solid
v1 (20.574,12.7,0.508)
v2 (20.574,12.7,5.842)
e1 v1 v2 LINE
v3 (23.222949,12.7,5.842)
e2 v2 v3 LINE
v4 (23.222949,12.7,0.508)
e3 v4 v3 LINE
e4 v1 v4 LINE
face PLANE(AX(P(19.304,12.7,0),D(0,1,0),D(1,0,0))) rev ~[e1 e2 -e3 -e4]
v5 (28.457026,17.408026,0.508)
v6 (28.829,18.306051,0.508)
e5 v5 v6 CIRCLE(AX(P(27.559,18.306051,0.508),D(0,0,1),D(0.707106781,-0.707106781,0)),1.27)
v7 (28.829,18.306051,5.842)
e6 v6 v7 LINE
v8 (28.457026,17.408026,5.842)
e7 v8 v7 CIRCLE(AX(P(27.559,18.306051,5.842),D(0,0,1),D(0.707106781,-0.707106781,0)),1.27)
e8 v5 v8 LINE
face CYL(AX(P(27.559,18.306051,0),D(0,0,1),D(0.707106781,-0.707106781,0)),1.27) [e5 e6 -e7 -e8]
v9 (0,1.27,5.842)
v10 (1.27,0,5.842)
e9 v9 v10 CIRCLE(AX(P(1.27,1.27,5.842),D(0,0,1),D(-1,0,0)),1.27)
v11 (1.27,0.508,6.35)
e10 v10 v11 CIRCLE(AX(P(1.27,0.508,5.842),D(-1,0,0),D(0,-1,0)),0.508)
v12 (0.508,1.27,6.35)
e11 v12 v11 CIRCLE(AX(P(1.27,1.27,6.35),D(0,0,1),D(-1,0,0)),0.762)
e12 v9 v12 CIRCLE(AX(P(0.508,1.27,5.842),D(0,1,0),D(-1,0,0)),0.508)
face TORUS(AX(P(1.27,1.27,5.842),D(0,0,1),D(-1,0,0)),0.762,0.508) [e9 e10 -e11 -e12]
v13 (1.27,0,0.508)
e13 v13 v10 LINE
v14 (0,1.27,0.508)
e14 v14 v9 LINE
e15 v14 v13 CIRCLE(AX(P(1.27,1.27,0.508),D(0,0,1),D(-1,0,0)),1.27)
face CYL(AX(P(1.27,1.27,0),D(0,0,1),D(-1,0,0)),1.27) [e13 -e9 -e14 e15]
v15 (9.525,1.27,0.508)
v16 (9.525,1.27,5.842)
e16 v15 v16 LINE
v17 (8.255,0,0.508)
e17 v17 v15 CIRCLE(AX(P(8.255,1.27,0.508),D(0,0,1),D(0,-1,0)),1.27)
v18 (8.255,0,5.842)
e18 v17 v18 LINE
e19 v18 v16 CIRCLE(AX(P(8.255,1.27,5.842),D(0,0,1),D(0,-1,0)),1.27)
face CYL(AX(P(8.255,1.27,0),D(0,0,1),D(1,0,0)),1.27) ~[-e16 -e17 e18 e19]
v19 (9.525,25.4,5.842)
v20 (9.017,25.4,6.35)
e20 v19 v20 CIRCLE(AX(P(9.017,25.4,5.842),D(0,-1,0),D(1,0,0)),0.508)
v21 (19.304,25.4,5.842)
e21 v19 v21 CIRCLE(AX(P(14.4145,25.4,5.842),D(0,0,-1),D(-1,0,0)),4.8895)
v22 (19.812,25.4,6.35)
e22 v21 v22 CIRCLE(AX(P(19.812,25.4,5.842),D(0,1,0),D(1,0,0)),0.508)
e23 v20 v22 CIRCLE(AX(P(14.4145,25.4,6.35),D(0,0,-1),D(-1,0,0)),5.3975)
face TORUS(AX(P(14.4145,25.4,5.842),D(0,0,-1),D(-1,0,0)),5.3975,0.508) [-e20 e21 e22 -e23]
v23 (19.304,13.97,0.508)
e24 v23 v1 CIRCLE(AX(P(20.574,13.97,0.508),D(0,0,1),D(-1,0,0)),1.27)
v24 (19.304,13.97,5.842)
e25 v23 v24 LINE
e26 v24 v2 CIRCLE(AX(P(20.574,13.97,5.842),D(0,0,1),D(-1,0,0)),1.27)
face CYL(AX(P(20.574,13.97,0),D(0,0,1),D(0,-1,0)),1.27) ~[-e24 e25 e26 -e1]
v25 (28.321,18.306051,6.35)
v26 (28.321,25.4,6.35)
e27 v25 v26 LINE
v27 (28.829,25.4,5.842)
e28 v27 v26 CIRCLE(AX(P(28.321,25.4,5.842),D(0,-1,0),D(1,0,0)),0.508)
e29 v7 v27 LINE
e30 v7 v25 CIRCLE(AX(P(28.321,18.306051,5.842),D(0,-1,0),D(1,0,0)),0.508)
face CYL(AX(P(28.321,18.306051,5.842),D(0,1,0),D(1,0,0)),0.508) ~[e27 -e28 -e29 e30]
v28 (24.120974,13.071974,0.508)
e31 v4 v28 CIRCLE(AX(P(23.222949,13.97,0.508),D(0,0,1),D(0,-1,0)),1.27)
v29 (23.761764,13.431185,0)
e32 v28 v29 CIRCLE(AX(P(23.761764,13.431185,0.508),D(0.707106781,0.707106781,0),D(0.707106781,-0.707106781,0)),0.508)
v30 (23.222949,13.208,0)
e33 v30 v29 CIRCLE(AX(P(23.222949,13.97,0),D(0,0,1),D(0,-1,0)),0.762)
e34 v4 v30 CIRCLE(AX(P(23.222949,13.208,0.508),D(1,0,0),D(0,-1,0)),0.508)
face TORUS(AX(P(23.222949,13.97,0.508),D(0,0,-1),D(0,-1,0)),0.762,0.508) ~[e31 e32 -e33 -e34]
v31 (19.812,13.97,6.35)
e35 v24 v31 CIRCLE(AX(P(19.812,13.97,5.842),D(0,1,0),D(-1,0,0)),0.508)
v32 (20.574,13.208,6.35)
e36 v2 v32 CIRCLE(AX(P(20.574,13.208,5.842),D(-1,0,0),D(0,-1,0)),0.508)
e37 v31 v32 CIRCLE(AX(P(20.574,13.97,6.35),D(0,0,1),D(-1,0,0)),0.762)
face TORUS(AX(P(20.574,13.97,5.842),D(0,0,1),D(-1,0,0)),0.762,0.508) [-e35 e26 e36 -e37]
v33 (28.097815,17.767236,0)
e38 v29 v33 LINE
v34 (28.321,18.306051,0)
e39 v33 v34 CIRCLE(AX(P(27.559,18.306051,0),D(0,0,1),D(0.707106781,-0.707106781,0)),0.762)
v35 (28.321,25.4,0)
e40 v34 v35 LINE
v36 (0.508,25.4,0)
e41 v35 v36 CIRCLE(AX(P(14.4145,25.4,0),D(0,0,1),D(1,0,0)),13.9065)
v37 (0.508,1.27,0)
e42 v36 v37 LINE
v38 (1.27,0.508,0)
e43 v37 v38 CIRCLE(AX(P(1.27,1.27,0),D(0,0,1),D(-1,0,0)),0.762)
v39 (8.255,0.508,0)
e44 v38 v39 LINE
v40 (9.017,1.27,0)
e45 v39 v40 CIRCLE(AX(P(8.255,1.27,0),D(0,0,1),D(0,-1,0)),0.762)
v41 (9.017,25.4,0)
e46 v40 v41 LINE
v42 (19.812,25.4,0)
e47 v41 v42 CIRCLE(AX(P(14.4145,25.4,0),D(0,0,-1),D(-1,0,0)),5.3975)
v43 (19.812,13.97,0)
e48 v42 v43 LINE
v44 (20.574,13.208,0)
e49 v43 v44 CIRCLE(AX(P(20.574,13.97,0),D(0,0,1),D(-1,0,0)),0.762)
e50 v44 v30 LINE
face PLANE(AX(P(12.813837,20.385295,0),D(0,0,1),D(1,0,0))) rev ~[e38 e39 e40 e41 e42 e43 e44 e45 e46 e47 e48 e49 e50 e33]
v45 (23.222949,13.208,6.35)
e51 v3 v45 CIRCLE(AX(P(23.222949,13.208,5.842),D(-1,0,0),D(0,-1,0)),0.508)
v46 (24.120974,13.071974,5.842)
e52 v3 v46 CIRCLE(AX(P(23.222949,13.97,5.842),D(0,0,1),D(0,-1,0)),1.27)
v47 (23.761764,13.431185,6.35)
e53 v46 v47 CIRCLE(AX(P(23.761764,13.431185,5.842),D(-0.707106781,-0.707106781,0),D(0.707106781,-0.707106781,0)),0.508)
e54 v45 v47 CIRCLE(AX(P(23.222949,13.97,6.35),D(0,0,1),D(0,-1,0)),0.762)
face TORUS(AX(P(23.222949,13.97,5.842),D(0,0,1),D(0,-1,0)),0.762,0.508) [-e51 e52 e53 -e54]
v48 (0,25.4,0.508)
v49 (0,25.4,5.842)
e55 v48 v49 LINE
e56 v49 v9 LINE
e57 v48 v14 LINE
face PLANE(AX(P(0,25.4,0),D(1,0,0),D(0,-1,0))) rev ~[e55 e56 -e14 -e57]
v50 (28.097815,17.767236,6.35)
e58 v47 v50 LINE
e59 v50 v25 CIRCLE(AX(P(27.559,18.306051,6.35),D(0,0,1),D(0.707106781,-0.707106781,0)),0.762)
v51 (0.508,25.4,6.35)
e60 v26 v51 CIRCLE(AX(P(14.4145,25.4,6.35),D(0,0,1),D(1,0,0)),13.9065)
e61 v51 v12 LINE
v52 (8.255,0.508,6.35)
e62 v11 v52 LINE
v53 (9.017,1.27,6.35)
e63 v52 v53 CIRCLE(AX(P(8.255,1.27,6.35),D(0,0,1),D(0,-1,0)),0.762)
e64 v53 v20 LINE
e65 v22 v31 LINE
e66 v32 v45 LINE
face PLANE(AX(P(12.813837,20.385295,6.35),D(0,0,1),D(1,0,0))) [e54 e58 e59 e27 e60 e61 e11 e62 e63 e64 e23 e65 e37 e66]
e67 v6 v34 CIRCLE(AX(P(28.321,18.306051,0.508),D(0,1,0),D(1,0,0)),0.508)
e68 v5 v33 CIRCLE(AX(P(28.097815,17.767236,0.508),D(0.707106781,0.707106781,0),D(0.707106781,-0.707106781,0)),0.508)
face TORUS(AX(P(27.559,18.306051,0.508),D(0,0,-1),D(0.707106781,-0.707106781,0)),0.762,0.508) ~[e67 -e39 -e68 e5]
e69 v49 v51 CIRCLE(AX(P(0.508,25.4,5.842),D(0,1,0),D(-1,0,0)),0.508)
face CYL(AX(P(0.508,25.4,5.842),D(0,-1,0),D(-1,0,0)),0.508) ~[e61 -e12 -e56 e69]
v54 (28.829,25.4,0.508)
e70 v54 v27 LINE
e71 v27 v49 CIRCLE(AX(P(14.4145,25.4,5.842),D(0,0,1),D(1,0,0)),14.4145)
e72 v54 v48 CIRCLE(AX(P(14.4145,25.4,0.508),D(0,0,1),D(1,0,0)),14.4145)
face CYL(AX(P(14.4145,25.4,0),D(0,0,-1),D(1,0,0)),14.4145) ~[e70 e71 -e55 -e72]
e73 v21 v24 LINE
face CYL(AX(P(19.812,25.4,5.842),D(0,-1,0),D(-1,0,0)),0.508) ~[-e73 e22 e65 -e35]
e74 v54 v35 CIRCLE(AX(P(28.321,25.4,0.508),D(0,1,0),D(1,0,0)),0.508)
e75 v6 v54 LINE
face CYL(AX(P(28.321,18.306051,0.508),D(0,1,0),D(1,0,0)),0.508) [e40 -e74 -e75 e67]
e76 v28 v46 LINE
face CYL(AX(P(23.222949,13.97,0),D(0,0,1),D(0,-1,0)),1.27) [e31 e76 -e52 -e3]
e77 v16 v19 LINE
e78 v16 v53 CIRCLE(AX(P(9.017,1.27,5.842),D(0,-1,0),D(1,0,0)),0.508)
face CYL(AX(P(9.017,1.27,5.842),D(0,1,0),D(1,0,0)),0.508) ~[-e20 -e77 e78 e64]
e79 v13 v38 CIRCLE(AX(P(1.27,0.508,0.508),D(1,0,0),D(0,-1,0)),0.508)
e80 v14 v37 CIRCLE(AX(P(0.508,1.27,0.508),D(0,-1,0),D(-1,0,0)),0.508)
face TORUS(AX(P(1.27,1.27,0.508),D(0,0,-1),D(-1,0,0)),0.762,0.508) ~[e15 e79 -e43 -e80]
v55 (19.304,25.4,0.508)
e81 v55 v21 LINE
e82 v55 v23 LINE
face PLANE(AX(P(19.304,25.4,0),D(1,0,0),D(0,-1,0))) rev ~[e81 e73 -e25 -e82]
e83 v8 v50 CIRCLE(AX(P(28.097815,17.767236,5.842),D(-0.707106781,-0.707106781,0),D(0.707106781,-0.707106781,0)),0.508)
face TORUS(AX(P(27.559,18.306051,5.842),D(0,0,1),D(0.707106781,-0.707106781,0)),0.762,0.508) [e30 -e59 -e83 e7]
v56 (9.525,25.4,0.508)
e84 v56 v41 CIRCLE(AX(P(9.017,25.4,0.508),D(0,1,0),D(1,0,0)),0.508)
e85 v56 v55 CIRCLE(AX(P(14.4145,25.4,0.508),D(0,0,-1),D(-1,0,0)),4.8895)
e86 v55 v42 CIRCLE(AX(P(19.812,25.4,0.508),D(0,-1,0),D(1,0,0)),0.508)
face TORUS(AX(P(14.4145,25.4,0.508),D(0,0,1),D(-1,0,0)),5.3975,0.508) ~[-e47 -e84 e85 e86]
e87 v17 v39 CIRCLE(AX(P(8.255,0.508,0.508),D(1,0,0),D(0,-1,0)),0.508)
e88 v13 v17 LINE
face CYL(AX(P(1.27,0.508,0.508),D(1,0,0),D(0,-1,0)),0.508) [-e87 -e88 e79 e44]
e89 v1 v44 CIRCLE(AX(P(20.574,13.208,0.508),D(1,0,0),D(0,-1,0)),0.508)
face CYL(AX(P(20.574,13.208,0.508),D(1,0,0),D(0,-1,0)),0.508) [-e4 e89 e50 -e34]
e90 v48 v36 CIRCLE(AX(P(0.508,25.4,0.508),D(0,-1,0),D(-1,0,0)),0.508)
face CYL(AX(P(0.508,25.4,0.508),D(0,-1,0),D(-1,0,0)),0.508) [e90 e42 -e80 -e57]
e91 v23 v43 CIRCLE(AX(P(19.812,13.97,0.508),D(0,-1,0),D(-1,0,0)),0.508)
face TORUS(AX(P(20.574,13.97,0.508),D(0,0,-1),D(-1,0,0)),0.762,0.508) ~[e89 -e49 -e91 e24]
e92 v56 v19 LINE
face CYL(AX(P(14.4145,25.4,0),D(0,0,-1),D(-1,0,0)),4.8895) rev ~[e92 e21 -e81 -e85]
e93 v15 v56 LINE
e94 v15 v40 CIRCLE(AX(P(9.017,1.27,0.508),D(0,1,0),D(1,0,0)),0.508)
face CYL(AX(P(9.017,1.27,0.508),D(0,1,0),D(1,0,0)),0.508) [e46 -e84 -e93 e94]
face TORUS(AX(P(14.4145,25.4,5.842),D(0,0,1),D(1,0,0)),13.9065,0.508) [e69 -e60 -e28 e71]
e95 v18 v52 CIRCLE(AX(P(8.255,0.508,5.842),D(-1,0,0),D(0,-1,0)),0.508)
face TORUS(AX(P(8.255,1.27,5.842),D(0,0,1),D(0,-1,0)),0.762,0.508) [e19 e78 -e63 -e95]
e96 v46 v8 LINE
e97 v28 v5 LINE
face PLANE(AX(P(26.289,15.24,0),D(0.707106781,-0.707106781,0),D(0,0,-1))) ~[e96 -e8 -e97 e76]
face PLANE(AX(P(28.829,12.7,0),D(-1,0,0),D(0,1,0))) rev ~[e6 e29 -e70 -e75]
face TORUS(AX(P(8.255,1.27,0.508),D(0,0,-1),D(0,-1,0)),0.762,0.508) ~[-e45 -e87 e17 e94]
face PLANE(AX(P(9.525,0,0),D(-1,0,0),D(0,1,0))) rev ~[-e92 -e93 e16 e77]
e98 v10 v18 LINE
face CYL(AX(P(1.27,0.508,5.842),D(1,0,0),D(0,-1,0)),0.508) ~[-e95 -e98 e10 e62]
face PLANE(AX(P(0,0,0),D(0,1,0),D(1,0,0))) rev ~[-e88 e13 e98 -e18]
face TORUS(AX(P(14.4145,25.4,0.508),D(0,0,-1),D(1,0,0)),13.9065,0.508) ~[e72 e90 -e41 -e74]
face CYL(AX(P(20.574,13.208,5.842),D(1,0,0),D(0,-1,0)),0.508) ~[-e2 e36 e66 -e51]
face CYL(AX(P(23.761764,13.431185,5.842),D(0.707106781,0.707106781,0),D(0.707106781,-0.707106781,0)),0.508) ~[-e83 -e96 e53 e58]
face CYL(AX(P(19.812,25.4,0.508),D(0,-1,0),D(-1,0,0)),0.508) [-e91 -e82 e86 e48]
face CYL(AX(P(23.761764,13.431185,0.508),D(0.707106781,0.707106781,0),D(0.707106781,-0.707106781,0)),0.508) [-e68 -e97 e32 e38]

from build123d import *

# Parameters (mm, degrees)
F1_DEPTH = 6.35
F2_SIZE  = 5.08
F3_R     = 1.27
F4_R     = 0.508


with BuildPart() as f1:
    # F0 (on Top) → F1 (new body)
    with BuildSketch(Plane.XY):
        with BuildLine():
            Line((0, 25.4), (0, 0))
            Line((0, 0), (9.525, 0))
            Line((9.525, 0), (9.525, 25.4))
            ThreePointArc((9.525, 25.4), (14.4145, 30.2895), (19.304, 25.4))
            Line((19.304, 25.4), (19.304, 12.7))
            Line((19.304, 12.7), (28.829, 12.7))
            Line((28.829, 12.7), (28.829, 25.4))
            ThreePointArc((28.829, 25.4), (14.4145, 39.8145), (0, 25.4))
        make_face()
    extrude(amount=F1_DEPTH)

    # F2
    f2_edges = [f1.edges().sort_by_distance(p)[0] for p in [
        (28.829, 12.7, 3.175),
    ]]
    chamfer(f2_edges, length=F2_SIZE)

    # F3
    f3_edges = [f1.edges().sort_by_distance(p)[0] for p in [
        (23.749, 12.7, 3.175),
        (28.829, 17.78, 3.175),
        (19.304, 12.7, 3.175),
        (0, 0, 3.175),
        (9.525, 0, 3.175),
    ]]
    fillet(f3_edges, radius=F3_R)

    # F4
    f4_edges = [f1.edges().sort_by_distance(p)[0] for p in [
        (21.898474, 12.7, 6.35),
        (19.675974, 13.071974, 6.35),
        (23.708957, 12.796673, 6.35),
        (19.304, 19.685, 6.35),
        (26.289, 15.24, 6.35),
        (14.4145, 30.2895, 6.35),
        (28.732327, 17.820043, 6.35),
        (9.525, 13.335, 6.35),
        (28.829, 21.853026, 6.35),
        (9.153026, 0.371974, 6.35),
        (14.4145, 39.8145, 6.35),
        (4.7625, 0, 6.35),
        (0, 13.335, 6.35),
        (0.371974, 0.371974, 6.35),
        (21.898474, 12.7, 0),
        (19.675974, 13.071974, 0),
        (23.708957, 12.796673, 0),
        (19.304, 19.685, 0),
        (26.289, 15.24, 0),
        (14.4145, 30.2895, 0),
        (28.732327, 17.820043, 0),
        (9.525, 13.335, 0),
        (28.829, 21.853026, 0),
        (9.153026, 0.371974, 0),
        (14.4145, 39.8145, 0),
        (4.7625, 0, 0),
        (0, 13.335, 0),
        (0.371974, 0.371974, 0),
    ]]
    fillet(f4_edges, radius=F4_R)


solid = f1.part
